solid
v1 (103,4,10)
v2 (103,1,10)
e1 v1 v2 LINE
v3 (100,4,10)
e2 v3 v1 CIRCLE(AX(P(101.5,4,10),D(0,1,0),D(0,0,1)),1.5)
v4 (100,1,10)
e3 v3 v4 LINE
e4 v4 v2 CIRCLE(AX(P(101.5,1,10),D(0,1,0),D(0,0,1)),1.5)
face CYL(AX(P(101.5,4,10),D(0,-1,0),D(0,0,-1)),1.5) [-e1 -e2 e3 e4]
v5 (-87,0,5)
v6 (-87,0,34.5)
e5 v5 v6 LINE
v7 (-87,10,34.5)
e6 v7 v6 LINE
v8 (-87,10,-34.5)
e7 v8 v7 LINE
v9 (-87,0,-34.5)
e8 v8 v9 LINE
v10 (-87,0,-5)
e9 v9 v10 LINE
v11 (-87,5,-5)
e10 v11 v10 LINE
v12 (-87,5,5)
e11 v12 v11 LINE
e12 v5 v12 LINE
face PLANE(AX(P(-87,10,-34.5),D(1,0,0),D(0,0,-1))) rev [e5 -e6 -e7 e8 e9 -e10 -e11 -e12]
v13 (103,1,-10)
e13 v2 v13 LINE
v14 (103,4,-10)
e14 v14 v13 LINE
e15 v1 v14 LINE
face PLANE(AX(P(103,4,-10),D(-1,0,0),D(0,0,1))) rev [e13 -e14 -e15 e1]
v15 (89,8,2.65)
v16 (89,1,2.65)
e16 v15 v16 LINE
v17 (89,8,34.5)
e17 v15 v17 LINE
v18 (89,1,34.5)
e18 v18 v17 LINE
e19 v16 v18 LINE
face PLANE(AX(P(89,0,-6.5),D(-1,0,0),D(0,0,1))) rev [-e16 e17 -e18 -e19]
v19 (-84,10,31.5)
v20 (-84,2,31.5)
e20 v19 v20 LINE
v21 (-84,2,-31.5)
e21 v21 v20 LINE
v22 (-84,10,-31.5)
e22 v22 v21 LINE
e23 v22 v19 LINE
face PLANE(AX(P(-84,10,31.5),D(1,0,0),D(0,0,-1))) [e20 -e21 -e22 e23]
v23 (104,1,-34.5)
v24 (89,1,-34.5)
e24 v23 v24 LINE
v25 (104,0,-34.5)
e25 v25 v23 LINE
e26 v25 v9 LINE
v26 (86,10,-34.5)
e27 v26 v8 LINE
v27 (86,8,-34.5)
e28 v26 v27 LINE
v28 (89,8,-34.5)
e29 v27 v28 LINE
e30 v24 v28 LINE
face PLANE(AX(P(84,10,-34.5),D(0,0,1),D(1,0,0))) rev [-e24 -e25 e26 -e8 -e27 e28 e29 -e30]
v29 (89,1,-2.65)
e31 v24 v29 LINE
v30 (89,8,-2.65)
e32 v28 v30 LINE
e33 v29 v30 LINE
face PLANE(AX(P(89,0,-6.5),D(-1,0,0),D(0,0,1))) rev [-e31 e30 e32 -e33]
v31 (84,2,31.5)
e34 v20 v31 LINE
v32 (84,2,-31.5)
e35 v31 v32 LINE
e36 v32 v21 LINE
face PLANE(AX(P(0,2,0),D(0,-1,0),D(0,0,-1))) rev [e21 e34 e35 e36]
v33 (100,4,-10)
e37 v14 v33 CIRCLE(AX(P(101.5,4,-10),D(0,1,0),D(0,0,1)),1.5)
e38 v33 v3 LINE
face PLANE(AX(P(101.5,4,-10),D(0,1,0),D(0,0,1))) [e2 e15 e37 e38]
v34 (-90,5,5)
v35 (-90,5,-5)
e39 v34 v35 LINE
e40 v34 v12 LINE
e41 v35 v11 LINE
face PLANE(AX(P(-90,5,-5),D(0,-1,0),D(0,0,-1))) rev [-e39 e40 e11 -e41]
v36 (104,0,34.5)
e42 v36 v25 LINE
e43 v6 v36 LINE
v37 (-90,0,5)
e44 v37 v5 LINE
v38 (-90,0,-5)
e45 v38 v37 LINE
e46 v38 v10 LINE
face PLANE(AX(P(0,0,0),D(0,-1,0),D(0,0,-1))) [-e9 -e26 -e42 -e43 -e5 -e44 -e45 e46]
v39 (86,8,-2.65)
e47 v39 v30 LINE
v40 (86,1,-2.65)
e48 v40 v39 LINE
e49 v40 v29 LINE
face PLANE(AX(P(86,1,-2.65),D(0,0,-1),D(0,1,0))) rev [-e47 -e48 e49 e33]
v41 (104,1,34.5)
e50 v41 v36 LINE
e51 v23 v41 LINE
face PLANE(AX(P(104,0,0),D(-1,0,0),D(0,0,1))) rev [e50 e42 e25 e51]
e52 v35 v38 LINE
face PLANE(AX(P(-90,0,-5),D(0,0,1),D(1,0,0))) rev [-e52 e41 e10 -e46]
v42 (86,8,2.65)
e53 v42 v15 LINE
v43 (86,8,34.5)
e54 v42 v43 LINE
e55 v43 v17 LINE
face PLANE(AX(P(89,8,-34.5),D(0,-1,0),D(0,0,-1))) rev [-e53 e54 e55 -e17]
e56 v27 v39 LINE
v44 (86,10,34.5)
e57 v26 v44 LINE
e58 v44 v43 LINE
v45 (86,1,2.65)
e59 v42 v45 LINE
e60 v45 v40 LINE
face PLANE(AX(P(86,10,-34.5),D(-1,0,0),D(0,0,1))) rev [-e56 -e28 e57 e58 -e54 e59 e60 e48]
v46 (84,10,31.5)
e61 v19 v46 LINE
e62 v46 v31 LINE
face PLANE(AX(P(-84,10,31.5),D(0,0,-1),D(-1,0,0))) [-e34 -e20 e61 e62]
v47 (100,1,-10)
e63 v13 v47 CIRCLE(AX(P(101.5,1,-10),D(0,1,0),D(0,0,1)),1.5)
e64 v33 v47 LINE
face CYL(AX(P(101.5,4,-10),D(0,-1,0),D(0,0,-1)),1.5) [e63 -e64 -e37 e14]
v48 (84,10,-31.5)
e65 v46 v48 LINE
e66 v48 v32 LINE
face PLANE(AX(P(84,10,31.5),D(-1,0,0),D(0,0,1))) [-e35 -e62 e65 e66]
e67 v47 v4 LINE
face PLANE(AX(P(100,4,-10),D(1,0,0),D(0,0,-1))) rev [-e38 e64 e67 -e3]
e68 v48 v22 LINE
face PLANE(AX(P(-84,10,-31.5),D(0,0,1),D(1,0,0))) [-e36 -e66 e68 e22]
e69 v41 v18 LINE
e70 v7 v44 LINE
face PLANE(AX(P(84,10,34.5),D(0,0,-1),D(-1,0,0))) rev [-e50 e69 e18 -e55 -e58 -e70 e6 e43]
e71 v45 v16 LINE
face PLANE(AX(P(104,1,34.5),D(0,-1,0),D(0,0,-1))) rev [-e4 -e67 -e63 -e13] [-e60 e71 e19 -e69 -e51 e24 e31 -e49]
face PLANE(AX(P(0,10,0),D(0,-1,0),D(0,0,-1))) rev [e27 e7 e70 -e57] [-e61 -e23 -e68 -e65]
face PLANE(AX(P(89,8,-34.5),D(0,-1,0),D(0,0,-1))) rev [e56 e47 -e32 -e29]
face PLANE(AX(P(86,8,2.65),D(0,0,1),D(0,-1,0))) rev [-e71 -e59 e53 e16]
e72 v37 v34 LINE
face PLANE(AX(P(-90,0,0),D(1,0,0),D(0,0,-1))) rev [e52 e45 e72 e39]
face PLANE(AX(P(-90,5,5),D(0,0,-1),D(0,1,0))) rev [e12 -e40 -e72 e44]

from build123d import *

# Parameters (mm, degrees)
SKETCH1_W                      = 168
SKETCH1_H                      = 63
BOSS_EXTRUDE1_DEPTH            = 10
SKETCH2_W                      = 168
SKETCH2_H                      = 63
BOSS_EXTRUDE2_DEPTH            = 2
SKETCH3_W                      = 10
SKETCH3_H                      = 25
CUT_EXTRUDE1_DEPTH             = 111.028405423
SKETCH4_W                      = 10
SKETCH4_H                      = 8
CUT_EXTRUDE2_DEPTH             = 3
CUT_EXTRUDE2_DIRECTION_2_REACH = 114.236
SKETCH6_W                      = 10
SKETCH6_H                      = 1
BOSS_EXTRUDE4_DEPTH            = 31
SKETCH7_R                      = 1.5
BOSS_EXTRUDE5_DEPTH            = 3
SKETCH8_W                      = 10
SKETCH8_H                      = 5
BOSS_EXTRUDE6_DEPTH            = 3
SKETCH9_W                      = 15
SKETCH9_H                      = 10
CUT_EXTRUDE3_DEPTH             = 126.207827231
SKETCH10_W                     = 69
SKETCH10_H                     = 1
BOSS_EXTRUDE7_DEPTH            = 15
SKETCH12_W                     = 3
SKETCH12_H                     = 2
CUT_EXTRUDE5_DEPTH             = 126.207827231
SKETCH13_W                     = 5.3
SKETCH13_H                     = 7
CUT_EXTRUDE6_DEPTH             = 3
BOSS_EXTRUDE8_DEPTH            = 3


with BuildPart() as part:
    # Sketch1 → Boss-Extrude1 (new body)
    with BuildSketch(Plane(origin=(0, 0, 0), x_dir=(1, 0, 0), z_dir=(0, 1, 0))):
        Polygon((0, 34.5), (-87, 34.5), (-87, -34.5), (84, -34.5), (104, -34.5), (104, 34.5), (84, 34.5), align=None)
        Rectangle(SKETCH1_W, SKETCH1_H, mode=Mode.SUBTRACT)
    extrude(amount=BOSS_EXTRUDE1_DEPTH)

    # Sketch2 → Boss-Extrude2 (add)
    with BuildSketch(Plane(origin=(0, 0, 0), x_dir=(1, 0, 0), z_dir=(0, 1, 0))):
        Rectangle(SKETCH2_W, SKETCH2_H)
    extrude(amount=BOSS_EXTRUDE2_DEPTH)

    # Sketch3 → Cut-Extrude1 (cut, through all)
    with BuildSketch(Plane(origin=(0, 10, 0), x_dir=(1, 0, 0), z_dir=(0, 1, 0))):
        with Locations((94, 19)):
            Rectangle(SKETCH3_W, SKETCH3_H)
    cut_extrude1 = extrude(amount=-CUT_EXTRUDE1_DEPTH, mode=Mode.SUBTRACT)

    # Mirror1: Cut-Extrude1 across plane
    add(cut_extrude1.mirror(Plane.XY), mode=Mode.SUBTRACT)

    # Sketch4 → Cut-Extrude2 (cut)
    with BuildSketch(Plane.XY.offset(6.5)):
        with Locations((94, 4)):
            Rectangle(SKETCH4_W, SKETCH4_H)
    cut_extrude2 = extrude(amount=-CUT_EXTRUDE2_DEPTH, mode=Mode.SUBTRACT)

    # Sketch4 → Cut-Extrude2 direction 2 (cut, up to next)
    with BuildSketch(Plane.XY.offset(6.5), mode=Mode.PRIVATE) as cut_extrude2_direction_2_sk1:
        with Locations((94, 4)):
            Rectangle(SKETCH4_W, SKETCH4_H)
    cut_extrude2_direction_2_tool1 = extrude(cut_extrude2_direction_2_sk1.sketch, amount=CUT_EXTRUDE2_DIRECTION_2_REACH, mode=Mode.PRIVATE) & part.part
    cut_extrude2_direction_2 = cut_extrude2_direction_2_tool1.solids().sort_by_distance((94, 4, 6.5))[0]
    add(cut_extrude2_direction_2, mode=Mode.SUBTRACT)

    # Mirror2: Cut-Extrude2, Cut-Extrude2 direction 2 across plane
    add(cut_extrude2.mirror(Plane.XY), mode=Mode.SUBTRACT)
    add(cut_extrude2_direction_2.mirror(Plane.XY), mode=Mode.SUBTRACT)

    # Sketch6 → Boss-Extrude4 (add)
    with BuildSketch(Plane.XY.offset(3.5)):
        with Locations((94, 0.5)):
            Rectangle(SKETCH6_W, SKETCH6_H)
    boss_extrude4 = extrude(amount=BOSS_EXTRUDE4_DEPTH)

    # Mirror5: Boss-Extrude4 across plane
    add(boss_extrude4.mirror(Plane.XY))

    # Sketch7 → Boss-Extrude5 (add)
    with BuildSketch(Plane.XY.offset(3.5)):
        with Locations((94, 4.5)):
            Circle(SKETCH7_R)
    boss_extrude5 = extrude(amount=BOSS_EXTRUDE5_DEPTH)

    # Mirror6: Boss-Extrude5 across plane
    add(boss_extrude5.mirror(Plane.XY))

    # Sketch8 → Boss-Extrude6 (add)
    with BuildSketch(Plane.ZY.offset(87)):
        with Locations((0, 2.5)):
            Rectangle(SKETCH8_W, SKETCH8_H)
    extrude(amount=BOSS_EXTRUDE6_DEPTH)

    # Sketch9 → Cut-Extrude3 (cut, through all)
    with BuildSketch(Plane.XY.offset(34.5)):
        with Locations((96.5, 5)):
            Rectangle(SKETCH9_W, SKETCH9_H)
    extrude(amount=-CUT_EXTRUDE3_DEPTH, mode=Mode.SUBTRACT)

    # Sketch10 → Boss-Extrude7 (add)
    with BuildSketch(Plane(origin=(89, 0, 0), x_dir=(0, 0, -1), z_dir=(1, 0, 0))):
        with Locations((0, 0.5)):
            Rectangle(SKETCH10_W, SKETCH10_H)
    extrude(amount=BOSS_EXTRUDE7_DEPTH)

    # Sketch12 → Cut-Extrude5 (cut, through all)
    with BuildSketch(Plane.XY.offset(34.5)):
        with Locations((87.5, 9)):
            Rectangle(SKETCH12_W, SKETCH12_H)
    extrude(amount=-CUT_EXTRUDE5_DEPTH, mode=Mode.SUBTRACT)

    # Sketch13 → Cut-Extrude6 (cut)
    with BuildSketch(Plane(origin=(89, 0, 0), x_dir=(0, 0, -1), z_dir=(1, 0, 0))):
        with Locations((0, 4.5)):
            Rectangle(SKETCH13_W, SKETCH13_H)
    extrude(amount=-CUT_EXTRUDE6_DEPTH, mode=Mode.SUBTRACT)

    # Sketch15 → Boss-Extrude8 (add)
    with BuildSketch(Plane(origin=(0, 1, 0), x_dir=(1, 0, 0), z_dir=(0, 1, 0))):
        with BuildLine():
            Line((103, 10), (103, -10))
            ThreePointArc((103, -10), (101.5, -11.5), (100, -10))
            Line((100, -10), (100, 10))
            ThreePointArc((100, 10), (101.5, 11.5), (103, 10))
        make_face()
    extrude(amount=BOSS_EXTRUDE8_DEPTH)


solid = part.part
